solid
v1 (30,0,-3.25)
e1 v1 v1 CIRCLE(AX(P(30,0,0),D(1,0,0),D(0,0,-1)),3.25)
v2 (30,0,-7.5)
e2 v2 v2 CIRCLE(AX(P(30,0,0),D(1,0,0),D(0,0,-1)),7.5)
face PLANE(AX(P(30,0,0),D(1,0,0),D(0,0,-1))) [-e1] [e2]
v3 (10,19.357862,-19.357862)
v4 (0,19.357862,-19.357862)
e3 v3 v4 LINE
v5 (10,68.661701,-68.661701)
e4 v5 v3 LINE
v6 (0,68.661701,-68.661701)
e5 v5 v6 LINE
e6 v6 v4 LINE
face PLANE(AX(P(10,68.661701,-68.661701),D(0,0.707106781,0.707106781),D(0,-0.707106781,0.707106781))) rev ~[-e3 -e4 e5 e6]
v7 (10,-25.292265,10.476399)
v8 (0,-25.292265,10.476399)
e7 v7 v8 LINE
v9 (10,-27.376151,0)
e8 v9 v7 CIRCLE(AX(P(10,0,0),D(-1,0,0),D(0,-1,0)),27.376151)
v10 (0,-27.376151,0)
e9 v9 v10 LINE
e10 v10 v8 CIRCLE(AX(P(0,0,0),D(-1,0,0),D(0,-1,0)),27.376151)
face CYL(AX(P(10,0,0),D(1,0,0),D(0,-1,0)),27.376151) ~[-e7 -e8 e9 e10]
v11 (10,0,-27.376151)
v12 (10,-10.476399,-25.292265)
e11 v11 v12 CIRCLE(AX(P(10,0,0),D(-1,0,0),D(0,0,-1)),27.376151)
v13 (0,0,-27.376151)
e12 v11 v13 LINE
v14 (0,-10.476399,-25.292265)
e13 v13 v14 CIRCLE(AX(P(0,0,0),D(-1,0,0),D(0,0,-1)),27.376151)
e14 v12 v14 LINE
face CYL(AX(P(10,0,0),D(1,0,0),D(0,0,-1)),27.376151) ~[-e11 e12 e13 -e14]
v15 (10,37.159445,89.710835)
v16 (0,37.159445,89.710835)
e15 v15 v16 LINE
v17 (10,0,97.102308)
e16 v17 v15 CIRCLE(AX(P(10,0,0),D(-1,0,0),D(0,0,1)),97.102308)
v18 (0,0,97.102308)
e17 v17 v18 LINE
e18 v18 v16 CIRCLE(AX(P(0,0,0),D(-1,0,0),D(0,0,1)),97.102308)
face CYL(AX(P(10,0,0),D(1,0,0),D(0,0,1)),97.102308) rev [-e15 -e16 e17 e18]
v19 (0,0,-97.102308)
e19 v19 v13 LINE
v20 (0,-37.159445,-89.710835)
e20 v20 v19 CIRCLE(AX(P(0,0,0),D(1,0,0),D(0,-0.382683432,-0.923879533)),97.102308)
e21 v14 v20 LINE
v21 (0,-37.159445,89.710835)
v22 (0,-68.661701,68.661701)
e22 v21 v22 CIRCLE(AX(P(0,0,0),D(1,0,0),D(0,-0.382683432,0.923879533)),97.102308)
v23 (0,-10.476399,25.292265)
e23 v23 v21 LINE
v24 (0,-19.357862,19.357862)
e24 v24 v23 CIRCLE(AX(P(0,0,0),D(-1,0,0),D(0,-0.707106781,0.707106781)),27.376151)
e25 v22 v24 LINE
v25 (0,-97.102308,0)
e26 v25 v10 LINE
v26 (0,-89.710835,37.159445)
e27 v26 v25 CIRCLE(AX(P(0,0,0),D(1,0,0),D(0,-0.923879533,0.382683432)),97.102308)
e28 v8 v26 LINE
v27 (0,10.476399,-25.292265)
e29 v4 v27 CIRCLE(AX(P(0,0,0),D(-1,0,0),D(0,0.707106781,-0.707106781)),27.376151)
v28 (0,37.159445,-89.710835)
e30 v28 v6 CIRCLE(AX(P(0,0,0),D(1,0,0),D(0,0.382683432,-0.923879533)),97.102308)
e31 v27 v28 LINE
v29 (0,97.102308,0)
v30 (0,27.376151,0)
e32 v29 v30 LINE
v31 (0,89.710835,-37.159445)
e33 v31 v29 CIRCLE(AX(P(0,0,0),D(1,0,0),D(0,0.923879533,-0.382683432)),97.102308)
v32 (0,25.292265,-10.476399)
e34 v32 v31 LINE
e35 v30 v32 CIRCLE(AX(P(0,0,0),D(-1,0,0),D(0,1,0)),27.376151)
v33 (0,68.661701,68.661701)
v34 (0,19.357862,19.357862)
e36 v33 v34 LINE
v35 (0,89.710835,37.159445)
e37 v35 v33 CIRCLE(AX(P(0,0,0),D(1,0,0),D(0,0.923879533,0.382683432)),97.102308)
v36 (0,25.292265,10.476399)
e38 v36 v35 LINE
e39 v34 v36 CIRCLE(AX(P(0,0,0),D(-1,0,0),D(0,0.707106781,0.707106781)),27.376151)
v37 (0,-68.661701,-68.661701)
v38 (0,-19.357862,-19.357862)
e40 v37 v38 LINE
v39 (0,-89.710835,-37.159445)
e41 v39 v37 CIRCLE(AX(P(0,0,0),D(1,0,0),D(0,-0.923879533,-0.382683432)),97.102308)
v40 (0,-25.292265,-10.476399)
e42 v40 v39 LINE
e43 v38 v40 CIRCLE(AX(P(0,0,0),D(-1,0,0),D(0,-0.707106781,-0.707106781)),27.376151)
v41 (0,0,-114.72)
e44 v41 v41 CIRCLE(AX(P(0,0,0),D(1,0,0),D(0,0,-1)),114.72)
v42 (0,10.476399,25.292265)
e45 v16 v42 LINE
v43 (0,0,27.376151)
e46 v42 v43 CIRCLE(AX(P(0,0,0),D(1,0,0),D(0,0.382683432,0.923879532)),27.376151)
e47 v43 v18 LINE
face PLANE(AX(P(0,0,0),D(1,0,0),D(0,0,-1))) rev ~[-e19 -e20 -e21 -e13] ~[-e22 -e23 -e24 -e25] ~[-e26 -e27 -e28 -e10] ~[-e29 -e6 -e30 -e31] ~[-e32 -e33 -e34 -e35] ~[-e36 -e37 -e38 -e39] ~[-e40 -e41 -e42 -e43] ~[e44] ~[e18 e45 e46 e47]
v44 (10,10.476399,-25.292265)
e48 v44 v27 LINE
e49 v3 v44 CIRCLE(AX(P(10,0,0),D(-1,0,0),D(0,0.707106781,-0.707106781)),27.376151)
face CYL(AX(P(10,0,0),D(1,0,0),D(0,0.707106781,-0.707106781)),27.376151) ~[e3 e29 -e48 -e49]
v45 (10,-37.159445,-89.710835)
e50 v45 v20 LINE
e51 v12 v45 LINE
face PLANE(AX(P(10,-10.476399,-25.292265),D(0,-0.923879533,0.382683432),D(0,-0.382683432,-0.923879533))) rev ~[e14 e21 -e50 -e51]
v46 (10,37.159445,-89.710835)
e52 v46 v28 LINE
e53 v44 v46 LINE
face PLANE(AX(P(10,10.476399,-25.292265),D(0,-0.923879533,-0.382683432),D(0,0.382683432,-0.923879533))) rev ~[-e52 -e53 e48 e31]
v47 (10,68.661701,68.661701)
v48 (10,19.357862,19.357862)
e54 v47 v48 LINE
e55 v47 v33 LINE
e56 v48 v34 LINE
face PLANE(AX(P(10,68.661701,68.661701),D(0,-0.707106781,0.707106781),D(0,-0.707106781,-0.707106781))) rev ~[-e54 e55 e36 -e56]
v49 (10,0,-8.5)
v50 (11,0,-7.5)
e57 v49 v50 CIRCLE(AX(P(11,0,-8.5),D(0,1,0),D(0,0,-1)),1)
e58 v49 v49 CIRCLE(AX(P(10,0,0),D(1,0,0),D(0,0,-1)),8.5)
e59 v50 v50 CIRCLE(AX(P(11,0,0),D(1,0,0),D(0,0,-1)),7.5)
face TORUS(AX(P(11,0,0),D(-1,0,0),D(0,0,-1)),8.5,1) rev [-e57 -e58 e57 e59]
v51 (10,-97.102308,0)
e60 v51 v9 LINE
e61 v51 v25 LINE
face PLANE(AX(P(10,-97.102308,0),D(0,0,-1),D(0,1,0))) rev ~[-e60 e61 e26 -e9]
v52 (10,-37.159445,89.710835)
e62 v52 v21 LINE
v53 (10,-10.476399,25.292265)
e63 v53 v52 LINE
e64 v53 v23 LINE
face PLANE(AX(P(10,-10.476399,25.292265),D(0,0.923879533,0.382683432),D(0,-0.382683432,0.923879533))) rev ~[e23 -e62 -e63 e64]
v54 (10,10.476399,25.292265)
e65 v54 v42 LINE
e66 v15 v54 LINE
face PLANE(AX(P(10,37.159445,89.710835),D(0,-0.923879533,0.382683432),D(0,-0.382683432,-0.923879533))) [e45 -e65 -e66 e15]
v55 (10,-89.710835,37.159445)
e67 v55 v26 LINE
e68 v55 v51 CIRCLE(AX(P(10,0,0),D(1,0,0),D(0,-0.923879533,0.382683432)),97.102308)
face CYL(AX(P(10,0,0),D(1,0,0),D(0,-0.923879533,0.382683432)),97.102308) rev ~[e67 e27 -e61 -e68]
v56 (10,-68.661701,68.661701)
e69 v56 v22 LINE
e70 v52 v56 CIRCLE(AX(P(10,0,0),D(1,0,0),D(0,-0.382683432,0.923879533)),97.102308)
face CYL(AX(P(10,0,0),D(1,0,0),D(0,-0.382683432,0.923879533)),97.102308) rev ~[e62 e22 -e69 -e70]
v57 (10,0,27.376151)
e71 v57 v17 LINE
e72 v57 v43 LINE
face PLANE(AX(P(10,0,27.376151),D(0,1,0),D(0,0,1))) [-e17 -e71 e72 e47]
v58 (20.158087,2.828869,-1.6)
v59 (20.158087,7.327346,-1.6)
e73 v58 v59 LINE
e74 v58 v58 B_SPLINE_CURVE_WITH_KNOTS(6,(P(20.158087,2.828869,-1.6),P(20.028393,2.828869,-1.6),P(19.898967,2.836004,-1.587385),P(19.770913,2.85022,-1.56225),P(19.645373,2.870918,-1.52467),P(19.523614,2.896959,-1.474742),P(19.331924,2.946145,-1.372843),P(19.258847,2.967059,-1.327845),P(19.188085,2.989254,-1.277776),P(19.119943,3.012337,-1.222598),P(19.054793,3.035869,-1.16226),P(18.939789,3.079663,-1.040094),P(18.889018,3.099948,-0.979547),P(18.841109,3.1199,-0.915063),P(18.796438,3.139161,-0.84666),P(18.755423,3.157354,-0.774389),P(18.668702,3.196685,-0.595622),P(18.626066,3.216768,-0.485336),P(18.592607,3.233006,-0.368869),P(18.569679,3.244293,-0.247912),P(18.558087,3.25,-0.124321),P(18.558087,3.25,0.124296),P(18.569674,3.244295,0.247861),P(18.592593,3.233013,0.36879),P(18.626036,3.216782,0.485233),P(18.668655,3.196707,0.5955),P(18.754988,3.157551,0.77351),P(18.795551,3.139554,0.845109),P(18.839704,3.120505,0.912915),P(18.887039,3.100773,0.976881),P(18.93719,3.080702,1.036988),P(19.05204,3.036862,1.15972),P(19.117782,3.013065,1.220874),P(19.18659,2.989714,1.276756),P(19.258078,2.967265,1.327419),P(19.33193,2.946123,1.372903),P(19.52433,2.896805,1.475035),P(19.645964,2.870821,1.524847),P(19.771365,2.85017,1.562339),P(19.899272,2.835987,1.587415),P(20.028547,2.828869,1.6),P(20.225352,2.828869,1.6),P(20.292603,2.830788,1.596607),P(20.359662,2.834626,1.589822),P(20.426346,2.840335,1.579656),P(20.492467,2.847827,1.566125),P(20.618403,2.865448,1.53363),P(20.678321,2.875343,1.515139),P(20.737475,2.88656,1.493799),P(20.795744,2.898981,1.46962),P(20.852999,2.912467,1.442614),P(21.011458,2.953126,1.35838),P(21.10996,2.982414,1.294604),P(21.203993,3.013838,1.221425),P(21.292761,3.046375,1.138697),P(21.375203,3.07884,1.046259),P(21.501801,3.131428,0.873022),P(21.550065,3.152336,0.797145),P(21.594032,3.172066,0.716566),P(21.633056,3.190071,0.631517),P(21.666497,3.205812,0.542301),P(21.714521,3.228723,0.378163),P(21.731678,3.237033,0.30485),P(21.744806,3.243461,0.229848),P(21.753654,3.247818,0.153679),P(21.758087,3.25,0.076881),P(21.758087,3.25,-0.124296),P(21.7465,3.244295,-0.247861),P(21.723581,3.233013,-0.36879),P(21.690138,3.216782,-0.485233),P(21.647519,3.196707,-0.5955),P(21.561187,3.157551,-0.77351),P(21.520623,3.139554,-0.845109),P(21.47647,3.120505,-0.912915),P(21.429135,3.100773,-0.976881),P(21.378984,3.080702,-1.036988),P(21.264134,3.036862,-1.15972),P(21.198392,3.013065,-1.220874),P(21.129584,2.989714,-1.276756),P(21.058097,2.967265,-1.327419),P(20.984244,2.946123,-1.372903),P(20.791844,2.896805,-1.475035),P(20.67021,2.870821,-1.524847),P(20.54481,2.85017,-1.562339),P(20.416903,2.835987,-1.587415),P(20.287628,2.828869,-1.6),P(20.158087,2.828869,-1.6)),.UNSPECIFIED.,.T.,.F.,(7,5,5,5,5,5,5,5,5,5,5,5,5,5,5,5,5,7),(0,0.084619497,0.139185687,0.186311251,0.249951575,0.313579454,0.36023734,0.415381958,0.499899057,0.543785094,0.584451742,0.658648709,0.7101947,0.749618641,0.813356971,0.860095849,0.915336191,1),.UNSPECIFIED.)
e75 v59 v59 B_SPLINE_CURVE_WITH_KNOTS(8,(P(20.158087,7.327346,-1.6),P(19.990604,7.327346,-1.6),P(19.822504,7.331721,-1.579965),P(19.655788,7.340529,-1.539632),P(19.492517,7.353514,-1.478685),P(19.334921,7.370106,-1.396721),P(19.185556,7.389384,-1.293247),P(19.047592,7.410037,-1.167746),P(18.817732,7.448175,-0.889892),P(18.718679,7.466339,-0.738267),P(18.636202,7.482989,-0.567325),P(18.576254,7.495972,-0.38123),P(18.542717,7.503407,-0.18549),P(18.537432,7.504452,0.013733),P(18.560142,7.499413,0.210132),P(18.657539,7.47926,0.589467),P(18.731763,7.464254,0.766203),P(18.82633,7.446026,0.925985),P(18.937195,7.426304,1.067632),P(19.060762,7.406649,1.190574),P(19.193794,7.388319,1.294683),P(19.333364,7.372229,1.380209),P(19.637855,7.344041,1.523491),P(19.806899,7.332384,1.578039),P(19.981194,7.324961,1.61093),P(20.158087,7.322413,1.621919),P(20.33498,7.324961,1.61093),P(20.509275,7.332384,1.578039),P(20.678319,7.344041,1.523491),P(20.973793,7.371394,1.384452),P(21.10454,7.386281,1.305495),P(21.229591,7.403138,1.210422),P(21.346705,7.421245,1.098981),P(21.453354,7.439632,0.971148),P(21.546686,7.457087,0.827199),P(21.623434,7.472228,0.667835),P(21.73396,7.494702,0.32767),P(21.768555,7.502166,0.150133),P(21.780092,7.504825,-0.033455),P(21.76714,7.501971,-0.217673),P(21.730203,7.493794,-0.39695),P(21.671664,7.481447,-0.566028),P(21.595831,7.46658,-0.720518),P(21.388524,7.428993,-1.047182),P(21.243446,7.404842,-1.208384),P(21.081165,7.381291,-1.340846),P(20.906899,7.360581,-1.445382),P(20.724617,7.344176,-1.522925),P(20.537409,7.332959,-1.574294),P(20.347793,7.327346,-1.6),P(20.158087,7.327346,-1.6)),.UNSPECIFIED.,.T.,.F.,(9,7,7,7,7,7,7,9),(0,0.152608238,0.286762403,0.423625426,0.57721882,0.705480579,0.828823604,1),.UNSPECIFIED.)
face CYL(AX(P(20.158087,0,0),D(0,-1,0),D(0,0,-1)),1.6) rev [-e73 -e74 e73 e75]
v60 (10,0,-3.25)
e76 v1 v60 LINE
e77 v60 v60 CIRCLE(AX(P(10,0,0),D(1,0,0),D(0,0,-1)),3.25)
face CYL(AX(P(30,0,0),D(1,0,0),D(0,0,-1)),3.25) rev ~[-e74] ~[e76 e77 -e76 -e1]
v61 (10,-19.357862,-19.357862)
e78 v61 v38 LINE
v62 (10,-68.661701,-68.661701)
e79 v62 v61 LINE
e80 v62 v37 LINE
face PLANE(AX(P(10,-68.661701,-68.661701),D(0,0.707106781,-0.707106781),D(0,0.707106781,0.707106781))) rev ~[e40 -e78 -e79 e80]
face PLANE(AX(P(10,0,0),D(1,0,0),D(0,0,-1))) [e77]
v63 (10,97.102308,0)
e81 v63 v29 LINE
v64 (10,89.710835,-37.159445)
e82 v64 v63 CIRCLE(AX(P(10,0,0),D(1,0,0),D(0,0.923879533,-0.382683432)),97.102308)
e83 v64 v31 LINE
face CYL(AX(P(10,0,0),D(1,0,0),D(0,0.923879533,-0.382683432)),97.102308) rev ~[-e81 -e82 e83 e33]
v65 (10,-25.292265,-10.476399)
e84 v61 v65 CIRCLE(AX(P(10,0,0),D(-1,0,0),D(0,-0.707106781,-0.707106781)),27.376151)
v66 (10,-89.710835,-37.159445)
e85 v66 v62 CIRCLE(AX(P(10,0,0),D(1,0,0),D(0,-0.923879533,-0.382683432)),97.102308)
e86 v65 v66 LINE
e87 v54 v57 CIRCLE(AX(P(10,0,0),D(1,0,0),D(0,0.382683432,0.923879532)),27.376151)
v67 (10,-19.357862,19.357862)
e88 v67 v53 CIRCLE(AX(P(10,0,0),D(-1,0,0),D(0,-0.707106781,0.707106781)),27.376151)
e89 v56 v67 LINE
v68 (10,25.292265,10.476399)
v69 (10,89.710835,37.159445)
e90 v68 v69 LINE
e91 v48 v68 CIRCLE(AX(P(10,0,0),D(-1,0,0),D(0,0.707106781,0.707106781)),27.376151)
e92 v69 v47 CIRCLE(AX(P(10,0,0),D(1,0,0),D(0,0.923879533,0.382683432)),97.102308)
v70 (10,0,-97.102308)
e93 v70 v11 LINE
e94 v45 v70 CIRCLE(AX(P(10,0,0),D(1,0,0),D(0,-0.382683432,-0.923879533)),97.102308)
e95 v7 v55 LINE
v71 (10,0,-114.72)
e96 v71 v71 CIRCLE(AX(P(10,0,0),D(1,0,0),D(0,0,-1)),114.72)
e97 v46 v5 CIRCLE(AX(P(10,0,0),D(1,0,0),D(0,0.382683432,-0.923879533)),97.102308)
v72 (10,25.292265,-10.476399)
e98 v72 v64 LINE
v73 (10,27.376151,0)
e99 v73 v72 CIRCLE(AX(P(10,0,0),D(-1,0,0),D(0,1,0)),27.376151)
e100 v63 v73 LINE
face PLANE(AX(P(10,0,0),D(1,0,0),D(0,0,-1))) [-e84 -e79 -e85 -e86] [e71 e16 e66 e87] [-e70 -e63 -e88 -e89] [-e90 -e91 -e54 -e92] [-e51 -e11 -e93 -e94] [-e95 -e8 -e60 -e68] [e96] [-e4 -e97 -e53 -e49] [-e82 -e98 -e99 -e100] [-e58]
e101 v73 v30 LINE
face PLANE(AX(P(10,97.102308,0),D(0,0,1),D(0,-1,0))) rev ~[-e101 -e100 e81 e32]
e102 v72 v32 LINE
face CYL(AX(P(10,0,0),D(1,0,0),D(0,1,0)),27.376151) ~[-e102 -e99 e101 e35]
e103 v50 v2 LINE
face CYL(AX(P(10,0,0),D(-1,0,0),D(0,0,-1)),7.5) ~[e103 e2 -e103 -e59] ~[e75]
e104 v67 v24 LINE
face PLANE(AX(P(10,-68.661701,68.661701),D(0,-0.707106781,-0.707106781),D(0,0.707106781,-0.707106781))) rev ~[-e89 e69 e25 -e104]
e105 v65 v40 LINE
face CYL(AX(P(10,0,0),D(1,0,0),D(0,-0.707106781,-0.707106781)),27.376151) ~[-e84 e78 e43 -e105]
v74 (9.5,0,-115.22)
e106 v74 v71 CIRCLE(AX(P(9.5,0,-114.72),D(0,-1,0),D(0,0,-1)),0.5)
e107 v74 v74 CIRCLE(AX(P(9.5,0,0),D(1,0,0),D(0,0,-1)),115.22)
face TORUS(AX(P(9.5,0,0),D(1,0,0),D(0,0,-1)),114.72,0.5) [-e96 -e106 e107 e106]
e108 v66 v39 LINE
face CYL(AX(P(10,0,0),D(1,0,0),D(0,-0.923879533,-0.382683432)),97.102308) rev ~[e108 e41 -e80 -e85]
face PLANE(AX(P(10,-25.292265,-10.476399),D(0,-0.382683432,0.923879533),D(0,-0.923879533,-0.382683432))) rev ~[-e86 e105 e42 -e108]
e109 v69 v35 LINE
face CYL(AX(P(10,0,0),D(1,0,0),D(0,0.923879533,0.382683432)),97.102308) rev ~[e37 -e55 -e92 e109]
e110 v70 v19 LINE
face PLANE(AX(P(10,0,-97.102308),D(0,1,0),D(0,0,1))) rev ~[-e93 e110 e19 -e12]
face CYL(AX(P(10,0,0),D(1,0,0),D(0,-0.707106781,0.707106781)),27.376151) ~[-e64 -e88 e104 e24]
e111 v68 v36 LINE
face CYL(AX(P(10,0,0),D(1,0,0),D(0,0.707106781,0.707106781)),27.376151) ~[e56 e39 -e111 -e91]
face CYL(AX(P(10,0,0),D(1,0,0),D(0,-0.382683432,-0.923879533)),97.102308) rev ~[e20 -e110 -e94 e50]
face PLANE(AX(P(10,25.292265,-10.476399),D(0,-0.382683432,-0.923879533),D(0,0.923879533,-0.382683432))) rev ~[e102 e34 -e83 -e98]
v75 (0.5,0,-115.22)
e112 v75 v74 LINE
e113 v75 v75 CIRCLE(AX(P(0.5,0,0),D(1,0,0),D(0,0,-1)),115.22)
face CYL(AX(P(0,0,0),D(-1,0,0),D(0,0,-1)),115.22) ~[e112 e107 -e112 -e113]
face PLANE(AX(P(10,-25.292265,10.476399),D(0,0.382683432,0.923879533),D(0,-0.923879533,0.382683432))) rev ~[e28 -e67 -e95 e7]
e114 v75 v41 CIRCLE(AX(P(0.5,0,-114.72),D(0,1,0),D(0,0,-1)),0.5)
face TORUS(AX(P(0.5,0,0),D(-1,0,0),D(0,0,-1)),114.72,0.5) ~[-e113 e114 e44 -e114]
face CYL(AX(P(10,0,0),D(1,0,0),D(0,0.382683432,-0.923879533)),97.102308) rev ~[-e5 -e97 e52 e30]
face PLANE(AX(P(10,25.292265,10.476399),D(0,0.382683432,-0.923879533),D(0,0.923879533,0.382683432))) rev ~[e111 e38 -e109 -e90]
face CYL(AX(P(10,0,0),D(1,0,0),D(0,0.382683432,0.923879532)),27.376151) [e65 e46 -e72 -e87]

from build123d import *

# Parameters (mm, degrees)
SKETCH1_R           = 115.22
BOSS_EXTRUDE1_DEPTH = 10
FILLET1_R           = 0.5
CUT_EXTRUDE1_DEPTH  = 10
SKETCH3_R           = 7.5
BOSS_EXTRUDE2_DEPTH = 20
FILLET3_R           = 1
SKETCH4_R           = 3.25
CUT_EXTRUDE2_DEPTH  = 20
SKETCH5_R           = 1.6
CUT_EXTRUDE4_DEPTH  = 20


with BuildPart() as part:
    # Sketch1 → Boss-Extrude1 (new body)
    with BuildSketch(Plane(origin=(0, 0, 0), x_dir=(0, 0, -1), z_dir=(1, 0, 0))):
        Circle(SKETCH1_R)
    extrude(amount=BOSS_EXTRUDE1_DEPTH)

    # Fillet1
    fillet1_edges = [part.edges().sort_by_distance(p)[0] for p in [
        (0, 0, 115.22),
        (10, 0, 115.22),
    ]]
    fillet(fillet1_edges, radius=FILLET1_R)

    # Sketch2 → Cut-Extrude1 (cut)
    with BuildSketch(Plane(origin=(10, 0, 0), x_dir=(0, 0, -1), z_dir=(1, 0, 0))):
        with BuildLine():
            Line((-89.710835252, 37.159444653), (-25.292265207, 10.476399272))
            ThreePointArc((-25.292265207, 10.476399272), (-26.850125531, 5.340822034), (-27.376150588, 0))
            Line((-27.376150588, 0), (-97.102308359, 0))
            ThreePointArc((-97.102308359, 0), (-95.236514731, 18.943720606), (-89.710835252, 37.159444653))
        make_face()
        with BuildLine():
            Line((-68.661700709, 68.661700709), (-19.357861723, 19.357861723))
            ThreePointArc((-19.357861723, 19.357861723), (-15.209374361, 22.762437316), (-10.476399272, 25.292265207))
            Line((-10.476399272, 25.292265207), (-37.159444653, 89.710835252))
            ThreePointArc((-37.159444653, 89.710835252), (-53.947152082, 80.737618685), (-68.661700709, 68.661700709))
        make_face()
        with BuildLine():
            Line((0, 97.102308359), (0, 27.376150588))
            ThreePointArc((0, 27.376150588), (5.340822034, 26.850125531), (10.476399272, 25.292265207))
            Line((10.476399272, 25.292265207), (37.159444653, 89.710835252))
            ThreePointArc((37.159444653, 89.710835252), (18.943720606, 95.236514731), (0, 97.102308359))
        make_face()
        with BuildLine():
            Line((68.661700709, 68.661700709), (19.357861723, 19.357861723))
            ThreePointArc((19.357861723, 19.357861723), (22.762437316, 15.209374361), (25.292265207, 10.476399272))
            Line((25.292265207, 10.476399272), (89.710835252, 37.159444653))
            ThreePointArc((89.710835252, 37.159444653), (80.737618685, 53.947152082), (68.661700709, 68.661700709))
        make_face()
        with BuildLine():
            Line((97.102308359, 0), (27.376150588, 0))
            ThreePointArc((27.376150588, 0), (26.850125531, -5.340822034), (25.292265207, -10.476399272))
            Line((25.292265207, -10.476399272), (89.710835252, -37.159444653))
            ThreePointArc((89.710835252, -37.159444653), (95.236514731, -18.943720606), (97.102308359, 0))
        make_face()
        with BuildLine():
            Line((68.661700709, -68.661700709), (19.357861723, -19.357861723))
            ThreePointArc((19.357861723, -19.357861723), (15.209374361, -22.762437316), (10.476399272, -25.292265207))
            Line((10.476399272, -25.292265207), (37.159444653, -89.710835252))
            ThreePointArc((37.159444653, -89.710835252), (53.947152082, -80.737618685), (68.661700709, -68.661700709))
        make_face()
        with BuildLine():
            Line((0, -97.102308359), (0, -27.376150588))
            ThreePointArc((0, -27.376150588), (-5.340822034, -26.850125531), (-10.476399272, -25.292265207))
            Line((-10.476399272, -25.292265207), (-37.159444653, -89.710835252))
            ThreePointArc((-37.159444653, -89.710835252), (-18.943720606, -95.236514731), (0, -97.102308359))
        make_face()
        with BuildLine():
            Line((-68.661700709, -68.661700709), (-19.357861723, -19.357861723))
            ThreePointArc((-19.357861723, -19.357861723), (-22.762437316, -15.209374361), (-25.292265207, -10.476399272))
            Line((-25.292265207, -10.476399272), (-89.710835252, -37.159444653))
            ThreePointArc((-89.710835252, -37.159444653), (-80.737618685, -53.947152082), (-68.661700709, -68.661700709))
        make_face()
    extrude(amount=-CUT_EXTRUDE1_DEPTH, mode=Mode.SUBTRACT)

    # Sketch3 → Boss-Extrude2 (add)
    with BuildSketch(Plane(origin=(10, 0, 0), x_dir=(0, 0, -1), z_dir=(1, 0, 0))):
        Circle(SKETCH3_R)
    extrude(amount=BOSS_EXTRUDE2_DEPTH)

    # Fillet3
    fillet3_edges = [part.edges().sort_by_distance(p)[0] for p in [
        (10, 0, 7.5),
    ]]
    fillet(fillet3_edges, radius=FILLET3_R)

    # Sketch4 → Cut-Extrude2 (cut)
    with BuildSketch(Plane(origin=(30, 0, 0), x_dir=(0, 0, -1), z_dir=(1, 0, 0))):
        Circle(SKETCH4_R)
    extrude(amount=-CUT_EXTRUDE2_DEPTH, mode=Mode.SUBTRACT)

    # Sketch5 → Cut-Extrude4 (cut)
    with BuildSketch(Plane(origin=(0, 0, 0), x_dir=(1, 0, 0), z_dir=(0, 1, 0))):
        with Locations(Location((20.158087078, 0, 0), (0, 0, 90))):
            Circle(SKETCH5_R)
    extrude(amount=CUT_EXTRUDE4_DEPTH, mode=Mode.SUBTRACT)


solid = part.part
